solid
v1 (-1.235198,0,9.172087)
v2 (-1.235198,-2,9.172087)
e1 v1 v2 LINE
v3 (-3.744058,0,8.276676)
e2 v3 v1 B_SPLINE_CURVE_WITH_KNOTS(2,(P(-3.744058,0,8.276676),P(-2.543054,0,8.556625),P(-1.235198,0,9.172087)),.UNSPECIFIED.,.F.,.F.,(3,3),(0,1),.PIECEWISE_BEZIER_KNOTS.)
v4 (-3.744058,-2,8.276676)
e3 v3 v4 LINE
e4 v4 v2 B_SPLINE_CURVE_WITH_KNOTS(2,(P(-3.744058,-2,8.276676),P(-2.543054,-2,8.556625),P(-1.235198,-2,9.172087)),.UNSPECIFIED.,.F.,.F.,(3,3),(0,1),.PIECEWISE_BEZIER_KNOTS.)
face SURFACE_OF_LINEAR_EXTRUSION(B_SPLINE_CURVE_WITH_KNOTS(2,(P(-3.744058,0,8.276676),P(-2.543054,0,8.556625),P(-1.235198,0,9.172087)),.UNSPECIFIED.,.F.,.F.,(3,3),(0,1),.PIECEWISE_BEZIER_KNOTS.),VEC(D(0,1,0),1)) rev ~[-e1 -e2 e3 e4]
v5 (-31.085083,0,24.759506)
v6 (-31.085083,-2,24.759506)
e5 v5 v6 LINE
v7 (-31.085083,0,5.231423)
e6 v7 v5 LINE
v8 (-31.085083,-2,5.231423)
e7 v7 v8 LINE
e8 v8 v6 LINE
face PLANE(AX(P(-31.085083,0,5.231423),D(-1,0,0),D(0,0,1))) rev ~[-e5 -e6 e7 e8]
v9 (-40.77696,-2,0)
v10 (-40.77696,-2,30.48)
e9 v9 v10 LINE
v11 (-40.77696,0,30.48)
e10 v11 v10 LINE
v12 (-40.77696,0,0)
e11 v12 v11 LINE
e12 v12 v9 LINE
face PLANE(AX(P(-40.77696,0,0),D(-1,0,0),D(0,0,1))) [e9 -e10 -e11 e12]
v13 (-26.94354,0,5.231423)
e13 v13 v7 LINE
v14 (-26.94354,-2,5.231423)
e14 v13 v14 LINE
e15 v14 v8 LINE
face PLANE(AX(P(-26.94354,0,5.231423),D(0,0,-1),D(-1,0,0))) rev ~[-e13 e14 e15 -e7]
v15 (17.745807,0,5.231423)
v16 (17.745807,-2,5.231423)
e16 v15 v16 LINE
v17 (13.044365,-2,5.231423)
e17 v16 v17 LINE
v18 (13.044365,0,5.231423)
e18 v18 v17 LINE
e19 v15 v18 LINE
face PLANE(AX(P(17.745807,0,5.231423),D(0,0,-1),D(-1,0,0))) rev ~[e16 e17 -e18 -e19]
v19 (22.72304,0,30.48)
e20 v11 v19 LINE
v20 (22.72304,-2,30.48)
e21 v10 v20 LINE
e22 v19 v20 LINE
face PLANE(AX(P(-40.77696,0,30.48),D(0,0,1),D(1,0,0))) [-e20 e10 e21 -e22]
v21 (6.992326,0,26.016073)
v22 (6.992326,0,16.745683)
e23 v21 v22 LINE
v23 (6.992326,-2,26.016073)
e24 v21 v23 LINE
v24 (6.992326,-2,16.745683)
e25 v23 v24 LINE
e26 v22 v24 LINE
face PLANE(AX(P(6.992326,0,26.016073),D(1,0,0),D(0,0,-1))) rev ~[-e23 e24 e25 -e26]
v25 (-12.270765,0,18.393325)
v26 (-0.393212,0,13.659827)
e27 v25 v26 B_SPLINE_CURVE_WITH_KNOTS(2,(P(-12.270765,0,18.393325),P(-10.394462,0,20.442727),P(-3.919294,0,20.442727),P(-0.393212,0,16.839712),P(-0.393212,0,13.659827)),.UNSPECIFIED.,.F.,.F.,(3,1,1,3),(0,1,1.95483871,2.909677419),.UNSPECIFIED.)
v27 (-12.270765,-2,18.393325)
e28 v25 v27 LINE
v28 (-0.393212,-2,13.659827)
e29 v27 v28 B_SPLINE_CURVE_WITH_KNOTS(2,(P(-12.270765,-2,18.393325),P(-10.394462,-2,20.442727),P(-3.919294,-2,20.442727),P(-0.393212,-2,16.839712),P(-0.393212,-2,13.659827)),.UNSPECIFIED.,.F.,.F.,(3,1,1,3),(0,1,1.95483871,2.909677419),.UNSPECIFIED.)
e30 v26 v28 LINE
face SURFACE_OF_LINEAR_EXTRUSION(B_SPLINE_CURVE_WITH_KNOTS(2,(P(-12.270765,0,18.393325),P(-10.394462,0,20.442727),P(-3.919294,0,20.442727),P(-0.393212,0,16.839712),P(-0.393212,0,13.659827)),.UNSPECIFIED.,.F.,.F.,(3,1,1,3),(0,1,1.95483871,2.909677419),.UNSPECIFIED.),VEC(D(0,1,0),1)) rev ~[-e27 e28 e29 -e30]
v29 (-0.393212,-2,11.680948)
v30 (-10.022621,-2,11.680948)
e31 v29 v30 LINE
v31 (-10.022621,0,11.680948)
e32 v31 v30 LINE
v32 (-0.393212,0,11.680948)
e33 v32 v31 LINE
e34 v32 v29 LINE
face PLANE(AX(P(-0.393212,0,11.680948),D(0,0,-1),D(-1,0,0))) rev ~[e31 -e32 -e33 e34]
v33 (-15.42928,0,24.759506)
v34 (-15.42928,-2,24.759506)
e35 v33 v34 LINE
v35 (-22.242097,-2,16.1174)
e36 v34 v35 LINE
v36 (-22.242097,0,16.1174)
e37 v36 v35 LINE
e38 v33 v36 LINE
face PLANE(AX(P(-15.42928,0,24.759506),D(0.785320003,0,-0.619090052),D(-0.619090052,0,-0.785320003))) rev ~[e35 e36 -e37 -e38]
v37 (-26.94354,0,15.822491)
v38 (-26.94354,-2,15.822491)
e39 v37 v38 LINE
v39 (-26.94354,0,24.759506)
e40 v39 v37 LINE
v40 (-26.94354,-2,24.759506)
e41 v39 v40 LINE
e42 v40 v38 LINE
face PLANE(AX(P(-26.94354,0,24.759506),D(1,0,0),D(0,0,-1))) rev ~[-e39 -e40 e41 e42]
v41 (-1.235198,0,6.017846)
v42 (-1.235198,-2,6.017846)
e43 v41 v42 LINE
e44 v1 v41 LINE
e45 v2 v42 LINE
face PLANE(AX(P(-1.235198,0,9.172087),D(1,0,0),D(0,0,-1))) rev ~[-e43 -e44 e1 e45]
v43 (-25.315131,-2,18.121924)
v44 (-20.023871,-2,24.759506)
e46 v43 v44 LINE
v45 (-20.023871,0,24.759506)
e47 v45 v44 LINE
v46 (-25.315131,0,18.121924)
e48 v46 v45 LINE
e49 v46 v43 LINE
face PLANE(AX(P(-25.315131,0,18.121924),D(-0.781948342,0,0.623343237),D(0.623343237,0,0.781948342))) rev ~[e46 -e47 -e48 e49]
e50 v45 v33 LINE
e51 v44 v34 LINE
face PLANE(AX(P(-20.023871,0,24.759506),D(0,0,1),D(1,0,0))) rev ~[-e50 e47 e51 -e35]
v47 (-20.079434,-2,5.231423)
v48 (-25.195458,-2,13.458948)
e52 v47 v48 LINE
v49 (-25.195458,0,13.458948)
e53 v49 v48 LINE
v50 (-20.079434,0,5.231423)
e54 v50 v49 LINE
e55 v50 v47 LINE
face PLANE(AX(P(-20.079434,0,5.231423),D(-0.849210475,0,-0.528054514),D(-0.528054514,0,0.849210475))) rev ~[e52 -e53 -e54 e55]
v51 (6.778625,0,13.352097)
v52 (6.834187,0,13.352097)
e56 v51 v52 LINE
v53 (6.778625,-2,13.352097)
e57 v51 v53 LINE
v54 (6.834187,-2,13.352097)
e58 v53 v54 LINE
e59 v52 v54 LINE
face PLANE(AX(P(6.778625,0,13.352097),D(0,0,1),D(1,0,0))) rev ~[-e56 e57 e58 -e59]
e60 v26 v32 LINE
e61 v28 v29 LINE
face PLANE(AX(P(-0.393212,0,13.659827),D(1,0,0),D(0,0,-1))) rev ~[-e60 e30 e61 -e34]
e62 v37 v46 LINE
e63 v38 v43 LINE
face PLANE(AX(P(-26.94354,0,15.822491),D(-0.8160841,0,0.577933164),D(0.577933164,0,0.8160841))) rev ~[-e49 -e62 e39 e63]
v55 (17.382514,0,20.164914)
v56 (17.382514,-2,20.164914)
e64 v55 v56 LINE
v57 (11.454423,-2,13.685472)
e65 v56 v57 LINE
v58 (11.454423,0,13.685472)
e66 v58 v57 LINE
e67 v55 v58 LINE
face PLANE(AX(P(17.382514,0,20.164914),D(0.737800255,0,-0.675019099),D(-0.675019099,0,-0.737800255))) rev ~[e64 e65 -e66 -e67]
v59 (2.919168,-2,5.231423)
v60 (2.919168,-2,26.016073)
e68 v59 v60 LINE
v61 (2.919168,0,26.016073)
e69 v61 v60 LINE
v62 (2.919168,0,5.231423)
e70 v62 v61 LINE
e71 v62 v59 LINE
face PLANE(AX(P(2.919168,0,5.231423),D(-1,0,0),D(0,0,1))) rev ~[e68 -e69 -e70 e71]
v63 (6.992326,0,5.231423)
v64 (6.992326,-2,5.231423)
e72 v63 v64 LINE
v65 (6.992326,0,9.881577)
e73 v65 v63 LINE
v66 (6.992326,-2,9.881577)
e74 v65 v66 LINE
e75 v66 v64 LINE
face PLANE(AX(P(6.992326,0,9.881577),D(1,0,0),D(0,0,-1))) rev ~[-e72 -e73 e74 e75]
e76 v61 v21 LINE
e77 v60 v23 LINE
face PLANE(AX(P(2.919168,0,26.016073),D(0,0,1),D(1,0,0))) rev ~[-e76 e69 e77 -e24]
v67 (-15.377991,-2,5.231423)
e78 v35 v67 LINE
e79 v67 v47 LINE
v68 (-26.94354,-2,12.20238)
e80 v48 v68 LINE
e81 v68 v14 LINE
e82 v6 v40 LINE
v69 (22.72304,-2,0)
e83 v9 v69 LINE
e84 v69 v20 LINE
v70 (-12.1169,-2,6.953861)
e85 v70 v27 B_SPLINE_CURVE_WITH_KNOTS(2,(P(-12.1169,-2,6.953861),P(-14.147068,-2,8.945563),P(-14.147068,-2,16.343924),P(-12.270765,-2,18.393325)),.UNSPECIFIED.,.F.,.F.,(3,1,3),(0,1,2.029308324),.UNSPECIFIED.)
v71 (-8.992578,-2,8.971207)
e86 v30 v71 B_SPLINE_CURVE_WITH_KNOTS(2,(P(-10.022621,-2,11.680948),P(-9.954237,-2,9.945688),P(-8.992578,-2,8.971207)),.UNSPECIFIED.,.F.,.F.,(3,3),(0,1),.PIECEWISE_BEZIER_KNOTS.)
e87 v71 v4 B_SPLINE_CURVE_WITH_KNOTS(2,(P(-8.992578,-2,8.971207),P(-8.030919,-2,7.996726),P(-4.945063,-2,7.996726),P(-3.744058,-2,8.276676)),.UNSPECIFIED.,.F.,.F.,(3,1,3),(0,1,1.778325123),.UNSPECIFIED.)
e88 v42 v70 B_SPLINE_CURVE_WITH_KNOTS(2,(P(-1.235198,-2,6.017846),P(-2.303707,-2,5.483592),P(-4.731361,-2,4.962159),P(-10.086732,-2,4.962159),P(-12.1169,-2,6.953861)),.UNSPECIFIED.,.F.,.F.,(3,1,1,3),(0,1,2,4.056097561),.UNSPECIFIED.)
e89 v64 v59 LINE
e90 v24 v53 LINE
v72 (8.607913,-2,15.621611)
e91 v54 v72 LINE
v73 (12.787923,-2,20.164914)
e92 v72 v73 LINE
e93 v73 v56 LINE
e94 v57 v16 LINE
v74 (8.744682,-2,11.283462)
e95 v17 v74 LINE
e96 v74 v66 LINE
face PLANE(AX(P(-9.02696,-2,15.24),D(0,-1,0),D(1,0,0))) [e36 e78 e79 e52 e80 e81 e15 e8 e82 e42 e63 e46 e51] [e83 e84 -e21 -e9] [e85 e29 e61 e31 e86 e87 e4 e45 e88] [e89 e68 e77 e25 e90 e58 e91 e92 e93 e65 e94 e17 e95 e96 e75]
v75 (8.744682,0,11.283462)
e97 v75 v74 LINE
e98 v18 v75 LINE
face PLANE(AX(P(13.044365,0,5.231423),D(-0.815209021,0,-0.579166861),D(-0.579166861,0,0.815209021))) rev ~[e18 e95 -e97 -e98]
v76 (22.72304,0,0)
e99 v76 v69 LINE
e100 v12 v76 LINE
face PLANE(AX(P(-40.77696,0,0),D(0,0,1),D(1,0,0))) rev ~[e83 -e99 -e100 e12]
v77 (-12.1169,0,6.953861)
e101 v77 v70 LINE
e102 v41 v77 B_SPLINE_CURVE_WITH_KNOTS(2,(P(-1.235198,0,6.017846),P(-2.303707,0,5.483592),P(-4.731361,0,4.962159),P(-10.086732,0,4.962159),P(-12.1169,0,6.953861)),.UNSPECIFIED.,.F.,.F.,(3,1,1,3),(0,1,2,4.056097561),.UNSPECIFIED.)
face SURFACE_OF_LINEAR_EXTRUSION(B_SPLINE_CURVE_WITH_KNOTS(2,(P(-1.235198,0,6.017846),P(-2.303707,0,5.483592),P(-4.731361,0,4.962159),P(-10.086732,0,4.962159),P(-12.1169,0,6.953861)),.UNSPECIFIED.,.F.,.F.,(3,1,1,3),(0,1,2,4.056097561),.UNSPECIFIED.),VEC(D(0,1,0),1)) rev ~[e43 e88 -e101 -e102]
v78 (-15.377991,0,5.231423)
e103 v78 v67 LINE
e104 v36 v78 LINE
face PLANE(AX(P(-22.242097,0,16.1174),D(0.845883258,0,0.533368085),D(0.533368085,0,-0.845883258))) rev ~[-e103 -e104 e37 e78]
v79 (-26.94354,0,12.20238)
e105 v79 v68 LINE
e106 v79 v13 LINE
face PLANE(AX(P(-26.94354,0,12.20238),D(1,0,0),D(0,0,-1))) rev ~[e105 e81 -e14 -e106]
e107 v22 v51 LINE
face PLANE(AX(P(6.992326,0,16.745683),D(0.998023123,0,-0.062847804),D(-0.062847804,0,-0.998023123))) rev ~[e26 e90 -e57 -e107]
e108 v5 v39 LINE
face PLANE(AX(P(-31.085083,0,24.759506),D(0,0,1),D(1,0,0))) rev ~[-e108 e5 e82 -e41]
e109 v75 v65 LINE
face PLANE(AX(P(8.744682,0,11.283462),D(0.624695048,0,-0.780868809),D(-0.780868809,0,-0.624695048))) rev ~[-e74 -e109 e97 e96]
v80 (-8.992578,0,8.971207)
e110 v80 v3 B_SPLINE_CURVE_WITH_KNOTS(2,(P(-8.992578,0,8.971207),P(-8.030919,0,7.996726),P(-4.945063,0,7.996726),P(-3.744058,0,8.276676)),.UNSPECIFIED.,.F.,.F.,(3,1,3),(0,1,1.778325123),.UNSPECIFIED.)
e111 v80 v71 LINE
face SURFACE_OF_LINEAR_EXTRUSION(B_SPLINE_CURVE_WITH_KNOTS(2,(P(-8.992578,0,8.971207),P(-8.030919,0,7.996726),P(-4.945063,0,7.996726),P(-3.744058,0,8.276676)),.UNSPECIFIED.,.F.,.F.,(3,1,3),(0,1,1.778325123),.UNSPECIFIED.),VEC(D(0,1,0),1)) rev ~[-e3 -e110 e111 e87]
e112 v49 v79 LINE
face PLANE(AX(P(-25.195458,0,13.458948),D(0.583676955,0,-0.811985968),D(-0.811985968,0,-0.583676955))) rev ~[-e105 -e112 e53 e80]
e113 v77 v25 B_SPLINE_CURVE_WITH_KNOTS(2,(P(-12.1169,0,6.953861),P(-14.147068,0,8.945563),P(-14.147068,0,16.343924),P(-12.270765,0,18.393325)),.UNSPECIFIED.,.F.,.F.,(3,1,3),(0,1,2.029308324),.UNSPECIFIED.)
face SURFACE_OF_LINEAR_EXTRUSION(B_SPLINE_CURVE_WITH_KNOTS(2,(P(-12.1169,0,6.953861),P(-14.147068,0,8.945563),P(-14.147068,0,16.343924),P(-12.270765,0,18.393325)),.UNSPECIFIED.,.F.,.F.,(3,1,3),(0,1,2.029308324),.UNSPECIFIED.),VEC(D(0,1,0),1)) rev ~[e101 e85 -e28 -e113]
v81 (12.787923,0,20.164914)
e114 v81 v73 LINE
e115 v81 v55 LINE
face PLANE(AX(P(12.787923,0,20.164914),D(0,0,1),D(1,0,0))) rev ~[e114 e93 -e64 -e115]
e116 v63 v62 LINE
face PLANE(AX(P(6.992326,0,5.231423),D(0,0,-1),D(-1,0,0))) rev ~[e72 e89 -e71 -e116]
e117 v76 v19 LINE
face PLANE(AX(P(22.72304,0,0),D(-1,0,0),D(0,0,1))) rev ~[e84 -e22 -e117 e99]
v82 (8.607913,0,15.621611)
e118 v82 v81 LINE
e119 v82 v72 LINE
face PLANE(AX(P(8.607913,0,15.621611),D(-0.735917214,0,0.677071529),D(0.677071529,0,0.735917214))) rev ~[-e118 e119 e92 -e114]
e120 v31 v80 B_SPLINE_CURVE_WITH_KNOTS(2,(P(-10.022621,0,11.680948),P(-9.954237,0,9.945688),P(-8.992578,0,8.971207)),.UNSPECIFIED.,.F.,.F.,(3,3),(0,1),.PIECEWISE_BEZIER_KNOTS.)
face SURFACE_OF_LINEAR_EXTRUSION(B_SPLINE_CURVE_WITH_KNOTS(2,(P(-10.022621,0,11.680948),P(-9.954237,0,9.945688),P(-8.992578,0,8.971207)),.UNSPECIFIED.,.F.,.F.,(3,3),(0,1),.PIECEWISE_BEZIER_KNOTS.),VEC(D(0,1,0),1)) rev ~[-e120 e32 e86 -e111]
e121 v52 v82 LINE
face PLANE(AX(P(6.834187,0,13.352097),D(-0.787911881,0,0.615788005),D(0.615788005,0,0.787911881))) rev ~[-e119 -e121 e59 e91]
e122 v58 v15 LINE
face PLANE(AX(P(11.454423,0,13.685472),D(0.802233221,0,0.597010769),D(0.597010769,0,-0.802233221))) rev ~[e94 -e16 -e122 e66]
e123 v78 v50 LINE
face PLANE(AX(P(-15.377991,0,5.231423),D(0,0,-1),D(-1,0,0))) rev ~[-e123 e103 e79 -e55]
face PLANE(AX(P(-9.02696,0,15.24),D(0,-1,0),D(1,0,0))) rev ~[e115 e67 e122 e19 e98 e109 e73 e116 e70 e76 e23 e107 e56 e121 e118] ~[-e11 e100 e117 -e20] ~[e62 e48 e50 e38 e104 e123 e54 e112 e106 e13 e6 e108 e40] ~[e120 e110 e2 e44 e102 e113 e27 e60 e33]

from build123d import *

# Parameters (mm, degrees)
F0_W     = 63.5
F0_H     = 30.48
F1_DEPTH = 2


with BuildPart() as f1:
    # F0 (on Front) → F1 (new body)
    with BuildSketch(Plane.XZ):
        with Locations((-9.0269604334, 15.24)):
            Rectangle(F0_W, F0_H)
        Polygon((-22.2420974153, 16.1173995548), (-15.3779914633, 5.2314233035), (-20.0794338962, 5.2314233035), (-25.1954580708, 13.4589475609), (-26.9435398481, 12.2023802198), (-26.9435398481, 5.2314233035), (-31.0850832276, 5.2314233035), (-31.0850832276, 24.7595055541), (-26.9435398481, 24.7595055541), (-26.9435398481, 15.8224908931), (-25.3151311509, 18.1219236466), (-20.0238713947, 24.7595055541), (-15.4292799262, 24.7595055541), align=None, mode=Mode.SUBTRACT)
        with BuildLine():
            add(Edge.make_bspline(
                [(-3.5175344169, 5.2228752263), (-4.7313613723, 4.9621588732), (-6.4837171881, 4.9621588732)],
                knots=[0, 0, 0, 1, 1, 1], degree=2))
            add(Edge.make_bspline(
                [(-6.4837171881, 4.9621588732), (-10.0867317071, 4.9621588732), (-12.1169000304, 6.9538608493)],
                knots=[0, 0, 0, 1, 1, 1], degree=2))
            add(Edge.make_bspline(
                [(-12.1169000304, 6.9538608493), (-14.1470683536, 8.9455628254), (-14.1470683536, 12.5913177302)],
                knots=[0, 0, 0, 1, 1, 1], degree=2))
            add(Edge.make_bspline(
                [(-14.1470683536, 12.5913177302), (-14.1470683536, 16.3439235993), (-12.2707654191, 18.3933250961)],
                knots=[0, 0, 0, 1, 1, 1], degree=2))
            add(Edge.make_bspline(
                [(-12.2707654191, 18.3933250961), (-10.3944624845, 20.442726593), (-7.0820825887, 20.442726593)],
                knots=[0, 0, 0, 1, 1, 1], degree=2))
            add(Edge.make_bspline(
                [(-7.0820825887, 20.442726593), (-3.9192940429, 20.442726593), (-2.1562531306, 18.6412193335)],
                knots=[0, 0, 0, 1, 1, 1], degree=2))
            add(Edge.make_bspline(
                [(-2.1562531306, 18.6412193335), (-0.3932122183, 16.839712074), (-0.3932122183, 13.659827374)],
                knots=[0, 0, 0, 1, 1, 1], degree=2))
            Line((-0.3932122183, 13.659827374), (-0.3932122183, 11.6809475136))
            Line((-0.3932122183, 11.6809475136), (-10.0226211285, 11.6809475136))
            add(Edge.make_bspline(
                [(-10.0226211285, 11.6809475136), (-9.9542365113, 9.945687852), (-8.9925778318, 8.9712070569)],
                knots=[0, 0, 0, 1, 1, 1], degree=2))
            add(Edge.make_bspline(
                [(-8.9925778318, 8.9712070569), (-8.0309191524, 7.9967262617), (-6.2956594908, 7.9967262617)],
                knots=[0, 0, 0, 1, 1, 1], degree=2))
            add(Edge.make_bspline(
                [(-6.2956594908, 7.9967262617), (-4.945063301, 7.9967262617), (-3.7440584614, 8.2766757884)],
                knots=[0, 0, 0, 1, 1, 1], degree=2))
            add(Edge.make_bspline(
                [(-3.7440584614, 8.2766757884), (-2.5430536217, 8.5566253151), (-1.2351978177, 9.1720868699)],
                knots=[0, 0, 0, 1, 1, 1], degree=2))
            Line((-1.2351978177, 9.1720868699), (-1.2351978177, 6.0178464013))
            add(Edge.make_bspline(
                [(-1.2351978177, 6.0178464013), (-2.3037074615, 5.4835915794), (-3.5175344169, 5.2228752263)],
                knots=[0, 0, 0, 1, 1, 1], degree=2))
        make_face(mode=Mode.SUBTRACT)
        Polygon((6.778624511, 13.3520965966), (6.8341870125, 13.3520965966), (8.6079130213, 15.6216110801), (12.7879227479, 20.1649140856), (17.3825142164, 20.1649140856), (11.4544227124, 13.6854716054), (17.7458074953, 5.2314233035), (13.0443650624, 5.2314233035), (8.7446822557, 11.2834619261), (6.9923264398, 9.8815772734), (6.9923264398, 5.2314233035), (2.9191676775, 5.2314233035), (2.9191676775, 26.0160728952), (6.9923264398, 26.0160728952), (6.9923264398, 16.7456832254), align=None, mode=Mode.SUBTRACT)
    extrude(amount=F1_DEPTH)


solid = f1.part
